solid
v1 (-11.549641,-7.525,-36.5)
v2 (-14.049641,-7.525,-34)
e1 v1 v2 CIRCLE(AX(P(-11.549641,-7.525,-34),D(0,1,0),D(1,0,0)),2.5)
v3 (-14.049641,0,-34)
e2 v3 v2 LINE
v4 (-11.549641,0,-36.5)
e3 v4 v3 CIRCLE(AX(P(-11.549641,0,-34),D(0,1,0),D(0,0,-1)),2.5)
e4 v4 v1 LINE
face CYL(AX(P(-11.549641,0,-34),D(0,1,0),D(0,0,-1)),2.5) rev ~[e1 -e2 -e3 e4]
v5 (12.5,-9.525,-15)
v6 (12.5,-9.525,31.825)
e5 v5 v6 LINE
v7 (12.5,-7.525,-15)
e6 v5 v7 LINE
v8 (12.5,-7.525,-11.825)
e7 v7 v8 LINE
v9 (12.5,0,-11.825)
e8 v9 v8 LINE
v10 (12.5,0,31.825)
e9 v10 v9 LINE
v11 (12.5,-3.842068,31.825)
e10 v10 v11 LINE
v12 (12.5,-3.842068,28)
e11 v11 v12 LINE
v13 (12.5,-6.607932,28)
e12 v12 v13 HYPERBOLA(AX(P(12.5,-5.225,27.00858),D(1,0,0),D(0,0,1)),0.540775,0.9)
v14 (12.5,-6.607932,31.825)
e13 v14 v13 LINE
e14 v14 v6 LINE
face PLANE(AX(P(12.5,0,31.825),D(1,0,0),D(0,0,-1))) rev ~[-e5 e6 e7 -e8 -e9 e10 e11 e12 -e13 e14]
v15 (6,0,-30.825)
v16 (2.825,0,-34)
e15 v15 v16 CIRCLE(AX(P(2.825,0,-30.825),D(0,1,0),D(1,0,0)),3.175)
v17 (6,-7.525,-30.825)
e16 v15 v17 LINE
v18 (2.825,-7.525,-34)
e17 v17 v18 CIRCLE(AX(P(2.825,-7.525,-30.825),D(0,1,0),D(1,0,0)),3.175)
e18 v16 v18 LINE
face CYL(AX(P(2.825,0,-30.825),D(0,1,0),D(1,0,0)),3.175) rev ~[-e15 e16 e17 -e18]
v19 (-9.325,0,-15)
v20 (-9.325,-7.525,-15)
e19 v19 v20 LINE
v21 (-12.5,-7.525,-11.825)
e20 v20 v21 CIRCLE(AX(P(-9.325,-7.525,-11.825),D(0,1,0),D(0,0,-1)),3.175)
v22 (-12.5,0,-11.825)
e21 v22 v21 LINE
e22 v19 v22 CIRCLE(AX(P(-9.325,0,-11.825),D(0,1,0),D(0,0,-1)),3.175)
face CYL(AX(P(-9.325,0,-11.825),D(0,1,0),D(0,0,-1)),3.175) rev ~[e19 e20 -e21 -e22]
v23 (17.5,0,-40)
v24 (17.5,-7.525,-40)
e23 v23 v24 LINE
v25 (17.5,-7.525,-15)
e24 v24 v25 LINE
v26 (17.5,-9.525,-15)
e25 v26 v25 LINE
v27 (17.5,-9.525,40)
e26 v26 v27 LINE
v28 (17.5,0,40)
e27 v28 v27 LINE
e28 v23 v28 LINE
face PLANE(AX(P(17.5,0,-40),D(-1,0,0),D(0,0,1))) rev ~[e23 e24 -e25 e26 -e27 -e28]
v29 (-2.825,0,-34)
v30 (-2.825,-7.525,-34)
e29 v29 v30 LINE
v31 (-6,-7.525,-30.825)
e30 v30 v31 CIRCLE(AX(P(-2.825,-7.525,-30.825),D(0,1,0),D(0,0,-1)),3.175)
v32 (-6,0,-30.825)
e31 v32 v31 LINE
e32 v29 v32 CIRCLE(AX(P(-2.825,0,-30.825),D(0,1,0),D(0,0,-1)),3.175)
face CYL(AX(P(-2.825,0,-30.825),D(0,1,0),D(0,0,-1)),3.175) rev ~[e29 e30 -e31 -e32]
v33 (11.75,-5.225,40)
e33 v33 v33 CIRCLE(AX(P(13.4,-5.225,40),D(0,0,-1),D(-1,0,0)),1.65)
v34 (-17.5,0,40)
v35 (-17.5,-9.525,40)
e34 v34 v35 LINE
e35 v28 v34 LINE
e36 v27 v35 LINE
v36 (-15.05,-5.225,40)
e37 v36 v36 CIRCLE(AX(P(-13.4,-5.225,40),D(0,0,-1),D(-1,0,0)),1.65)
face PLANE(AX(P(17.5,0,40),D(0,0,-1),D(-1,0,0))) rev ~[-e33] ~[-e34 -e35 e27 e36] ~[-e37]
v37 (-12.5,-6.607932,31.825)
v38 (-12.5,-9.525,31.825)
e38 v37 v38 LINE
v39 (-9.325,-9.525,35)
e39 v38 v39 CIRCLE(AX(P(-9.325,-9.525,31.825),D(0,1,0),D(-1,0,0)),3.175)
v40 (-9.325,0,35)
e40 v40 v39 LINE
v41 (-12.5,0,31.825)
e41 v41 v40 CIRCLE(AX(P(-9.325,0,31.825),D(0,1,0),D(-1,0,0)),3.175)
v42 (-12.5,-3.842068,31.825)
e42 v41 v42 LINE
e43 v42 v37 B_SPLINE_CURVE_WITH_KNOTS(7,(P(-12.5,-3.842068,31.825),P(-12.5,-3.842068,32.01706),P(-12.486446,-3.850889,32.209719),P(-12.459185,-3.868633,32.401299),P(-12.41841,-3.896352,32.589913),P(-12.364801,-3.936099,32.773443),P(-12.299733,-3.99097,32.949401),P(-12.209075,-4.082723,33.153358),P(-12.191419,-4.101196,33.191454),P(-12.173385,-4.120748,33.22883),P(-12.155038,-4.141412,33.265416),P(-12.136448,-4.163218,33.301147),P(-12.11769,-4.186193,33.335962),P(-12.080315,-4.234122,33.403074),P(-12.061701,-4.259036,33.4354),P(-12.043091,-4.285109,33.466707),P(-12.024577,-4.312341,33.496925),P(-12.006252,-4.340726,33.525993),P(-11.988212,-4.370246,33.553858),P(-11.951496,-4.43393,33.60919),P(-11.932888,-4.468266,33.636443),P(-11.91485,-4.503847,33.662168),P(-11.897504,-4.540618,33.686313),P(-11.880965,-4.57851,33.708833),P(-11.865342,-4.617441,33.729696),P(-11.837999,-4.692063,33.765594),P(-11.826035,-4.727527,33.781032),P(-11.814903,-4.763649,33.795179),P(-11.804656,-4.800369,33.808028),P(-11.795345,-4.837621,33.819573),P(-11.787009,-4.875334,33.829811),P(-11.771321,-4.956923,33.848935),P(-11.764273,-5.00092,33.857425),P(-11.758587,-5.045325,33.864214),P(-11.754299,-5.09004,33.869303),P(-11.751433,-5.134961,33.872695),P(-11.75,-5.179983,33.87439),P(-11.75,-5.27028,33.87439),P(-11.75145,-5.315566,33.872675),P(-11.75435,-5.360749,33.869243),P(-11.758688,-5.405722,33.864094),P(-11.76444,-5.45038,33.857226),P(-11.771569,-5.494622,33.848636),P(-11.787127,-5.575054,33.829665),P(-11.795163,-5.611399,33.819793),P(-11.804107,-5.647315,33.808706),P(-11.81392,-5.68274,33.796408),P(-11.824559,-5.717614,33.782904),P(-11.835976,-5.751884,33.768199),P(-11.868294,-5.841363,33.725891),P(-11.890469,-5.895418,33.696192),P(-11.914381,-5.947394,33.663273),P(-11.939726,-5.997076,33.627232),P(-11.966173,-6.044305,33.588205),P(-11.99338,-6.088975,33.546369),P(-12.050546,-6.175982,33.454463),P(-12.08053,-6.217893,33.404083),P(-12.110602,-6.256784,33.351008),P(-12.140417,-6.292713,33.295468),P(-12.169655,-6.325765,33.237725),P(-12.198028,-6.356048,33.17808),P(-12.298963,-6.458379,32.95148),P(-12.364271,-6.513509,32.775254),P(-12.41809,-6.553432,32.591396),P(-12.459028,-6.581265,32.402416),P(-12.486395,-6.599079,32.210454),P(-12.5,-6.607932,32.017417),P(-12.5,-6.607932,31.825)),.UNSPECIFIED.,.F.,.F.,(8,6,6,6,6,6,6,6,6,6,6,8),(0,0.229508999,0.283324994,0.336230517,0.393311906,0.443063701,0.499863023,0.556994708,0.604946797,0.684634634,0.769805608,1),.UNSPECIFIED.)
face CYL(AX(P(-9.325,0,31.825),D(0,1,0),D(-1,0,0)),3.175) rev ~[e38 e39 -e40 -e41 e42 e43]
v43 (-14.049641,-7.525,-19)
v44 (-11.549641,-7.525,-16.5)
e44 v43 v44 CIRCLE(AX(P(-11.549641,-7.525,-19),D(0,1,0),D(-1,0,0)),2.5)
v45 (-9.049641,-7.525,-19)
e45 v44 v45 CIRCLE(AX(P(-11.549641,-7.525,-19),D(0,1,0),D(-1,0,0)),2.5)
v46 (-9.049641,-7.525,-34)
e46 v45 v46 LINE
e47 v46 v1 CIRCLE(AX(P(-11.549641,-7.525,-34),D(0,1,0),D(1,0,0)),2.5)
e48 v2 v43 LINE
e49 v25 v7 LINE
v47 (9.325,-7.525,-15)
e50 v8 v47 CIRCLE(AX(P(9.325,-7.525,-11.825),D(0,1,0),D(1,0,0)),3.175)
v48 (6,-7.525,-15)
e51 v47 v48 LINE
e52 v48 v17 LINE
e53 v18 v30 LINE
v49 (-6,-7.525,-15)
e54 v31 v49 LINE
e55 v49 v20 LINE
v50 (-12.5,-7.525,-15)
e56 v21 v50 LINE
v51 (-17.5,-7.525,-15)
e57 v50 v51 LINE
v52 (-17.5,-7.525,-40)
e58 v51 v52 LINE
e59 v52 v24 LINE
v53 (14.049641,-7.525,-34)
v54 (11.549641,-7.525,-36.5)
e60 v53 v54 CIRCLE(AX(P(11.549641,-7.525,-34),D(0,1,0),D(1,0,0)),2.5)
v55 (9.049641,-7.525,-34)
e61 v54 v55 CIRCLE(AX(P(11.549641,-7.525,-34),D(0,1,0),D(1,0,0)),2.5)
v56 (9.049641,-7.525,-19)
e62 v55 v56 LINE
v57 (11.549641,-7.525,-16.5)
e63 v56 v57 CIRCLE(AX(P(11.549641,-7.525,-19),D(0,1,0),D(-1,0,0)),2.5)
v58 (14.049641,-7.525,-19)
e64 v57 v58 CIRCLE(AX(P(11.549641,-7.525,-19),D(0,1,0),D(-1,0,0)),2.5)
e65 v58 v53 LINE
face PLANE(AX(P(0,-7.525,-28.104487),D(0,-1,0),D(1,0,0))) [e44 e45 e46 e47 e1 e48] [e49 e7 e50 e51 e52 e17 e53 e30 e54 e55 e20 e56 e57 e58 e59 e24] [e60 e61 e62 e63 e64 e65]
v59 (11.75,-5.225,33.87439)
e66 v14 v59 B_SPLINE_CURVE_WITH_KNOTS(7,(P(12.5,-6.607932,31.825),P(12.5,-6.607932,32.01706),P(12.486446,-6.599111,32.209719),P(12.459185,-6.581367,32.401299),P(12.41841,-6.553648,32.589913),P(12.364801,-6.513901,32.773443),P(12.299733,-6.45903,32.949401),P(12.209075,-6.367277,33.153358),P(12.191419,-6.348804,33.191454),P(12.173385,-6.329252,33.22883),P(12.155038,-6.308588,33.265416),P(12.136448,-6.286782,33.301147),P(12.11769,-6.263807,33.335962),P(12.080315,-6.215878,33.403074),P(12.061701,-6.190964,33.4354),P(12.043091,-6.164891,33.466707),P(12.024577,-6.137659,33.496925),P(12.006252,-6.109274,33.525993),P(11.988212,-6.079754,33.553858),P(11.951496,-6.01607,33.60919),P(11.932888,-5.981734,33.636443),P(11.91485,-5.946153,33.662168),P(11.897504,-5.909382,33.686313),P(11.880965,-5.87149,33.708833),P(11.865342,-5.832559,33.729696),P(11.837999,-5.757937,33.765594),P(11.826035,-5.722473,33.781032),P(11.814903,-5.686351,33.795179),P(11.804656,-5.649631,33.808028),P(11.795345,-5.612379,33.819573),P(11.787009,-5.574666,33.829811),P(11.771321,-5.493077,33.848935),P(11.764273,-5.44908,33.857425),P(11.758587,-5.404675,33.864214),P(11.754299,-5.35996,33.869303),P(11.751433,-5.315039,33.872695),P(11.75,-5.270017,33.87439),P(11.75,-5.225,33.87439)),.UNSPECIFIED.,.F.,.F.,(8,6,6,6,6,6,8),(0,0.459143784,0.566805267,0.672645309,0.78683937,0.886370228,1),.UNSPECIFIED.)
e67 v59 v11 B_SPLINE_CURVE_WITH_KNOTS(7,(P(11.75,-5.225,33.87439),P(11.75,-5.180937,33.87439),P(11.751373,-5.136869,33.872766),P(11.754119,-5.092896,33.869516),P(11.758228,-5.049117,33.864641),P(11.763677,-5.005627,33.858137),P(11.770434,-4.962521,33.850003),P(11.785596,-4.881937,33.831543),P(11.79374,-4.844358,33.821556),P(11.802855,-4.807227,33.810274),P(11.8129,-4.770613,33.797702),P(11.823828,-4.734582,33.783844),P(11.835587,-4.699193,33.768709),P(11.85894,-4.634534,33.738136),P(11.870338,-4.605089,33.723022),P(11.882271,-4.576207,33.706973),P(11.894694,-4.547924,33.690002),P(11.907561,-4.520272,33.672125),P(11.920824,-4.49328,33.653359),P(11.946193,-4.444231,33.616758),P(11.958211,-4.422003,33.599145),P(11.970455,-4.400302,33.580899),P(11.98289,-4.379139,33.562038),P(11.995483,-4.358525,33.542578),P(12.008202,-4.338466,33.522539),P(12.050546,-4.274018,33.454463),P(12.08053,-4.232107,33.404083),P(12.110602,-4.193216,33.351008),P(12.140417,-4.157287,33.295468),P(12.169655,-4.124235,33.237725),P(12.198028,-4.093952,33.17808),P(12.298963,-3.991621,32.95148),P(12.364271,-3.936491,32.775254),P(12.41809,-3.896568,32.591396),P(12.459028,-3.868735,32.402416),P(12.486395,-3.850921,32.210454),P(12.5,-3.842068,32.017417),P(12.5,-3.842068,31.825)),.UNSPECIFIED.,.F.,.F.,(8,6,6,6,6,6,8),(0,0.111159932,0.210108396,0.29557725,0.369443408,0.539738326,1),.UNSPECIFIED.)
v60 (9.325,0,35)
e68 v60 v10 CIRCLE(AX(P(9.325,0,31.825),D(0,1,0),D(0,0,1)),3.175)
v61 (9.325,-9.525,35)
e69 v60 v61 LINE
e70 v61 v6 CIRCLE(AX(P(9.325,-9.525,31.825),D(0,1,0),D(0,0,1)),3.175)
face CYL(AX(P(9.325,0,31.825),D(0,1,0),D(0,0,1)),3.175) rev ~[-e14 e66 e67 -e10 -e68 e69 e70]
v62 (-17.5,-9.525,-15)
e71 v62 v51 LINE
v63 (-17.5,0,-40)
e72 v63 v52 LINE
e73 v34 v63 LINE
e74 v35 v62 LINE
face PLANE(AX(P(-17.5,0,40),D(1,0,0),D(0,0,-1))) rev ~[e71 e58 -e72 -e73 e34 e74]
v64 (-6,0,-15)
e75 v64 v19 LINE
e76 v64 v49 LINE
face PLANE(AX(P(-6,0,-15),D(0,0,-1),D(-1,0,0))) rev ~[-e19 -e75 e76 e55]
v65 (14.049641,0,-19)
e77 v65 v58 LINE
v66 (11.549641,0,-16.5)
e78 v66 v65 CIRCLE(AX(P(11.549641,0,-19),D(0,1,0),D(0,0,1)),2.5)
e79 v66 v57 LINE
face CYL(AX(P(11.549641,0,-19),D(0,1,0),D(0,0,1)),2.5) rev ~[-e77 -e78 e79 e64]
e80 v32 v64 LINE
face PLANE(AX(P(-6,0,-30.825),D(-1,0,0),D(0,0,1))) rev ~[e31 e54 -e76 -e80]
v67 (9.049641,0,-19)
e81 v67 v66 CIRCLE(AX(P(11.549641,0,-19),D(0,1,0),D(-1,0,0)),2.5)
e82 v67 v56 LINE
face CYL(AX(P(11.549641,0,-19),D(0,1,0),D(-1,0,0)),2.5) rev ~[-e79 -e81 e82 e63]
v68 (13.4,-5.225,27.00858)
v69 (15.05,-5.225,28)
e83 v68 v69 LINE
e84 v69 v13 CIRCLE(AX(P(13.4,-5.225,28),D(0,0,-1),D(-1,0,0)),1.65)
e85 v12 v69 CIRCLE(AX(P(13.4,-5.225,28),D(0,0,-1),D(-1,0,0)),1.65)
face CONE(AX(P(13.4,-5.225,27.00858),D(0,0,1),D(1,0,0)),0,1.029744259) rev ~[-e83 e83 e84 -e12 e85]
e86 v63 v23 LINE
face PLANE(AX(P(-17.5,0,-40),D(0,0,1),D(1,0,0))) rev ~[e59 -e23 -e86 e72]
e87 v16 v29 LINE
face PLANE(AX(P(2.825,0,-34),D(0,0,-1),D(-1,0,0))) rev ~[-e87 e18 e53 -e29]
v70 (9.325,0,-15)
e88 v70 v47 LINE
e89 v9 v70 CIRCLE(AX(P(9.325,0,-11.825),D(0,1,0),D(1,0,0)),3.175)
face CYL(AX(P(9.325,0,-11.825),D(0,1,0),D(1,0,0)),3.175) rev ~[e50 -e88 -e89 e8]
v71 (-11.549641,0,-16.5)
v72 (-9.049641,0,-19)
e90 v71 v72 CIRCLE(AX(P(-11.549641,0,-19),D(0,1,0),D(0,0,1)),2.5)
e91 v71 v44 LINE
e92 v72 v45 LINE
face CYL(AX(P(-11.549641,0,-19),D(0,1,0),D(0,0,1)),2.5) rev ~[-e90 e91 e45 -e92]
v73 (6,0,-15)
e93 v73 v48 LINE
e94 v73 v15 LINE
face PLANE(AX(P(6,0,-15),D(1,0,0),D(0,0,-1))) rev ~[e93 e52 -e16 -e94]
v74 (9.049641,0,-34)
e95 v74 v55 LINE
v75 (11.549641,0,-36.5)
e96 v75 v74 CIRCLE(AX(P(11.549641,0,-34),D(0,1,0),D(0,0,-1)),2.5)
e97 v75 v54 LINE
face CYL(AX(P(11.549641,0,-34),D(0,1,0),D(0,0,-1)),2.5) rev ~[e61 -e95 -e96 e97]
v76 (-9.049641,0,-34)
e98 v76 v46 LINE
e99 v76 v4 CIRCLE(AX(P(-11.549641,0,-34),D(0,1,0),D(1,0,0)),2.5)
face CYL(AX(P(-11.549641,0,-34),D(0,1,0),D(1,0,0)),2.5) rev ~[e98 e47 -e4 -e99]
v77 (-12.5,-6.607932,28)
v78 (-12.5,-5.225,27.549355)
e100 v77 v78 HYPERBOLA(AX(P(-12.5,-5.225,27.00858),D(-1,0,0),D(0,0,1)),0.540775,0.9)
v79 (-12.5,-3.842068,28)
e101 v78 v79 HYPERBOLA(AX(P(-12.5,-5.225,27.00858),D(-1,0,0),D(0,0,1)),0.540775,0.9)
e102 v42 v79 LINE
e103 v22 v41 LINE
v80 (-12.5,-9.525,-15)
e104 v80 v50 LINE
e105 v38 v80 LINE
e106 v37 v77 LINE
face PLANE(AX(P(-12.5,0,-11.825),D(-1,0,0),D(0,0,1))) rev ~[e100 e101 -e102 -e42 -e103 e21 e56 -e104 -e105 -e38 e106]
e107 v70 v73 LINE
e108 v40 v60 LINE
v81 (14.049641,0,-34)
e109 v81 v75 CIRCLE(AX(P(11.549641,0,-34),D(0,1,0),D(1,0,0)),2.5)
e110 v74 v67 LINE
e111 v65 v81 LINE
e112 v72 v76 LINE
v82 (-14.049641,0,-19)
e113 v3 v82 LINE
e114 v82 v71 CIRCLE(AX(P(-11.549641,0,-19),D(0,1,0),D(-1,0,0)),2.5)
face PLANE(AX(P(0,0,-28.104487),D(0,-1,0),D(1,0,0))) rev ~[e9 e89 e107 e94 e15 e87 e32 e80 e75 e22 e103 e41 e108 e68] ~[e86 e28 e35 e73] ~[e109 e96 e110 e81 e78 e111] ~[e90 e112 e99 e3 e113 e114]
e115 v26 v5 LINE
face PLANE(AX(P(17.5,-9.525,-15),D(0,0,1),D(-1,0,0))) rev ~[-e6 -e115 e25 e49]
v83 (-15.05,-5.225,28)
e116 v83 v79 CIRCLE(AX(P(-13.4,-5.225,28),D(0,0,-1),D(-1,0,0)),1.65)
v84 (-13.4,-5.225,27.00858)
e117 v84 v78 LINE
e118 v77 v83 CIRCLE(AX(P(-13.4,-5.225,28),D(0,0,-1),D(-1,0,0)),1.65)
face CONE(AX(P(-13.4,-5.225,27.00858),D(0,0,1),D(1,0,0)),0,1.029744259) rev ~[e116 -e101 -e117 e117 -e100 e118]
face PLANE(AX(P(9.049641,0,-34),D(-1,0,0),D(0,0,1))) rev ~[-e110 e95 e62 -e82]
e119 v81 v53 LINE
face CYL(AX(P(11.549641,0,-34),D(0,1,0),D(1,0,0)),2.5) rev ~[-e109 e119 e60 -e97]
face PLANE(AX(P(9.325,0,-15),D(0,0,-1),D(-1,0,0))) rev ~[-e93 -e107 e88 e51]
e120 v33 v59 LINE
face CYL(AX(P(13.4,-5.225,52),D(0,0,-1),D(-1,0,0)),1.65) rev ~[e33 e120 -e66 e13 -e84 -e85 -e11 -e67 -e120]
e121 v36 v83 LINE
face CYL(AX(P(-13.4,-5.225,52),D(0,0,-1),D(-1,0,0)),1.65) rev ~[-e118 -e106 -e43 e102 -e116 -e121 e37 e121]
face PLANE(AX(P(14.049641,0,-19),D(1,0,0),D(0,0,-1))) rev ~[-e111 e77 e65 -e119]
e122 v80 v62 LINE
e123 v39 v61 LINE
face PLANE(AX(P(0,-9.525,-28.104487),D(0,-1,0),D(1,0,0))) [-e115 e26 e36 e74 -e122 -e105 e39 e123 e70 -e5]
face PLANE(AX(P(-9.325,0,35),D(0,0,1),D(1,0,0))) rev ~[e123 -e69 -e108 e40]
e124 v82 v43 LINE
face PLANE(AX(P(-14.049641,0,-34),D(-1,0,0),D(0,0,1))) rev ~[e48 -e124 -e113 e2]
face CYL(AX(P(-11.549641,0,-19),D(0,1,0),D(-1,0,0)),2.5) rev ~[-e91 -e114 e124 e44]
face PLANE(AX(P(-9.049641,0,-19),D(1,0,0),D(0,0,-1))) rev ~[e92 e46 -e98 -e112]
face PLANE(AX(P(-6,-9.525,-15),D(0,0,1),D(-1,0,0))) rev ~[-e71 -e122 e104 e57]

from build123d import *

# Parameters (mm, degrees)
F1_DEPTH = 9.525
F3_DEPTH = 2
F5_D     = 3.3
F5_DEPTH = 12
F5_TIP   = 0.9914200214
F7_DEPTH = 2


with BuildPart() as f1:
    # F0 (on Front) → F1 (new body)
    with BuildSketch(Plane.XZ):
        with BuildLine():
            Line((-17.5, -40), (17.5, -40))
            Line((17.5, -40), (17.5, -15))
            Line((17.5, -15), (9.325, -15))
            Line((9.325, -15), (6, -15))
            Line((6, -15), (6, -30.825))
            ThreePointArc((6, -30.825), (5.0700640303, -33.0700640303), (2.825, -34))
            Line((2.825, -34), (-2.825, -34))
            ThreePointArc((-2.825, -34), (-5.0700640303, -33.0700640303), (-6, -30.825))
            Line((-6, -30.825), (-6, -15))
            Line((-6, -15), (-9.325, -15))
            Line((-9.325, -15), (-17.5, -15))
            Line((-17.5, -15), (-17.5, -40))
        make_face()
        with BuildLine():
            Line((-9.0496408567, -19), (-9.0496408567, -34))
            ThreePointArc((-9.0496408567, -34), (-9.7818739037, -35.767766953), (-11.5496408567, -36.5))
            ThreePointArc((-11.5496408567, -36.5), (-13.3174078096, -35.767766953), (-14.0496408567, -34))
            Line((-14.0496408567, -34), (-14.0496408567, -19))
            ThreePointArc((-14.0496408567, -19), (-13.3174078096, -17.232233047), (-11.5496408567, -16.5))
            ThreePointArc((-11.5496408567, -16.5), (-9.7818739037, -17.232233047), (-9.0496408567, -19))
        make_face(mode=Mode.SUBTRACT)
        with BuildLine():
            ThreePointArc((11.5496408567, -36.5), (9.7818739037, -35.767766953), (9.0496408567, -34))
            Line((9.0496408567, -34), (9.0496408567, -19))
            ThreePointArc((9.0496408567, -19), (9.7818739037, -17.232233047), (11.5496408567, -16.5))
            ThreePointArc((11.5496408567, -16.5), (13.3174078096, -17.232233047), (14.0496408567, -19))
            Line((14.0496408567, -19), (14.0496408567, -34))
            ThreePointArc((14.0496408567, -34), (13.3174078096, -35.767766953), (11.5496408567, -36.5))
        make_face(mode=Mode.SUBTRACT)
        with BuildLine():
            Line((9.325, -15), (17.5, -15))
            Line((17.5, -15), (17.5, 40))
            Line((17.5, 40), (-17.5, 40))
            Line((-17.5, 40), (-17.5, -15))
            Line((-17.5, -15), (-9.325, -15))
            ThreePointArc((-9.325, -15), (-11.5700640303, -14.0700640303), (-12.5, -11.825))
            Line((-12.5, -11.825), (-12.5, 31.825))
            ThreePointArc((-12.5, 31.825), (-11.5700640303, 34.0700640303), (-9.325, 35))
            Line((-9.325, 35), (9.325, 35))
            ThreePointArc((9.325, 35), (11.5700640303, 34.0700640303), (12.5, 31.825))
            Line((12.5, 31.825), (12.5, -11.825))
            ThreePointArc((12.5, -11.825), (11.5700640303, -14.0700640303), (9.325, -15))
        make_face()
    extrude(amount=F1_DEPTH)

    # F2 (on face) → F3 (cut)
    with BuildSketch(Plane.XZ.offset(9.525)):
        with BuildLine():
            Line((-9.325, -15), (-17.5, -15))
            Line((-17.5, -15), (-17.5, -40))
            Line((-17.5, -40), (17.5, -40))
            Line((17.5, -40), (17.5, -15))
            Line((17.5, -15), (9.325, -15))
            Line((9.325, -15), (6, -15))
            Line((6, -15), (6, -30.825))
            ThreePointArc((6, -30.825), (5.0700640303, -33.0700640303), (2.825, -34))
            Line((2.825, -34), (-2.825, -34))
            ThreePointArc((-2.825, -34), (-5.0700640303, -33.0700640303), (-6, -30.825))
            Line((-6, -30.825), (-6, -15))
            Line((-6, -15), (-9.325, -15))
        make_face()
        with BuildLine():
            ThreePointArc((-14.0496408567, -19), (-11.5496408567, -16.5), (-9.0496408567, -19))
            Line((-9.0496408567, -19), (-9.0496408567, -34))
            ThreePointArc((-9.0496408567, -34), (-11.5496408567, -36.5), (-14.0496408567, -34))
            Line((-14.0496408567, -34), (-14.0496408567, -19))
        make_face(mode=Mode.SUBTRACT)
        with BuildLine():
            Line((14.0496408567, -19), (14.0496408567, -34))
            ThreePointArc((14.0496408567, -34), (11.5496408567, -36.5), (9.0496408567, -34))
            Line((9.0496408567, -34), (9.0496408567, -19))
            ThreePointArc((9.0496408567, -19), (11.5496408567, -16.5), (14.0496408567, -19))
        make_face(mode=Mode.SUBTRACT)
    extrude(amount=-F3_DEPTH, mode=Mode.SUBTRACT)

    # F5
    with Locations(Plane.XY.offset(40)):
        with Locations((-13.4, -5.225), (13.4, -5.225)):
            Hole(F5_D / 2, depth=F5_DEPTH)
            with Locations((0, 0, -(F5_DEPTH + F5_TIP / 2))):  # 118° drill point
                Cone(0, F5_D / 2, F5_TIP, mode=Mode.SUBTRACT)

    # F6 (on face) → F7 (cut, through all)
    with BuildSketch(Plane.XZ.offset(9.525)):
        with BuildLine():
            ThreePointArc((-9.325, -15), (-11.5700640303, -14.0700640303), (-12.5, -11.825))
            Line((-12.5, -11.825), (-12.5, -15))
            Line((-12.5, -15), (-9.325, -15))
        make_face()
        with BuildLine():
            Line((12.5, -15), (12.5, -11.825))
            ThreePointArc((12.5, -11.825), (11.5700640303, -14.0700640303), (9.325, -15))
            Line((9.325, -15), (12.5, -15))
        make_face()
    extrude(amount=-F7_DEPTH, mode=Mode.SUBTRACT)


solid = f1.part
